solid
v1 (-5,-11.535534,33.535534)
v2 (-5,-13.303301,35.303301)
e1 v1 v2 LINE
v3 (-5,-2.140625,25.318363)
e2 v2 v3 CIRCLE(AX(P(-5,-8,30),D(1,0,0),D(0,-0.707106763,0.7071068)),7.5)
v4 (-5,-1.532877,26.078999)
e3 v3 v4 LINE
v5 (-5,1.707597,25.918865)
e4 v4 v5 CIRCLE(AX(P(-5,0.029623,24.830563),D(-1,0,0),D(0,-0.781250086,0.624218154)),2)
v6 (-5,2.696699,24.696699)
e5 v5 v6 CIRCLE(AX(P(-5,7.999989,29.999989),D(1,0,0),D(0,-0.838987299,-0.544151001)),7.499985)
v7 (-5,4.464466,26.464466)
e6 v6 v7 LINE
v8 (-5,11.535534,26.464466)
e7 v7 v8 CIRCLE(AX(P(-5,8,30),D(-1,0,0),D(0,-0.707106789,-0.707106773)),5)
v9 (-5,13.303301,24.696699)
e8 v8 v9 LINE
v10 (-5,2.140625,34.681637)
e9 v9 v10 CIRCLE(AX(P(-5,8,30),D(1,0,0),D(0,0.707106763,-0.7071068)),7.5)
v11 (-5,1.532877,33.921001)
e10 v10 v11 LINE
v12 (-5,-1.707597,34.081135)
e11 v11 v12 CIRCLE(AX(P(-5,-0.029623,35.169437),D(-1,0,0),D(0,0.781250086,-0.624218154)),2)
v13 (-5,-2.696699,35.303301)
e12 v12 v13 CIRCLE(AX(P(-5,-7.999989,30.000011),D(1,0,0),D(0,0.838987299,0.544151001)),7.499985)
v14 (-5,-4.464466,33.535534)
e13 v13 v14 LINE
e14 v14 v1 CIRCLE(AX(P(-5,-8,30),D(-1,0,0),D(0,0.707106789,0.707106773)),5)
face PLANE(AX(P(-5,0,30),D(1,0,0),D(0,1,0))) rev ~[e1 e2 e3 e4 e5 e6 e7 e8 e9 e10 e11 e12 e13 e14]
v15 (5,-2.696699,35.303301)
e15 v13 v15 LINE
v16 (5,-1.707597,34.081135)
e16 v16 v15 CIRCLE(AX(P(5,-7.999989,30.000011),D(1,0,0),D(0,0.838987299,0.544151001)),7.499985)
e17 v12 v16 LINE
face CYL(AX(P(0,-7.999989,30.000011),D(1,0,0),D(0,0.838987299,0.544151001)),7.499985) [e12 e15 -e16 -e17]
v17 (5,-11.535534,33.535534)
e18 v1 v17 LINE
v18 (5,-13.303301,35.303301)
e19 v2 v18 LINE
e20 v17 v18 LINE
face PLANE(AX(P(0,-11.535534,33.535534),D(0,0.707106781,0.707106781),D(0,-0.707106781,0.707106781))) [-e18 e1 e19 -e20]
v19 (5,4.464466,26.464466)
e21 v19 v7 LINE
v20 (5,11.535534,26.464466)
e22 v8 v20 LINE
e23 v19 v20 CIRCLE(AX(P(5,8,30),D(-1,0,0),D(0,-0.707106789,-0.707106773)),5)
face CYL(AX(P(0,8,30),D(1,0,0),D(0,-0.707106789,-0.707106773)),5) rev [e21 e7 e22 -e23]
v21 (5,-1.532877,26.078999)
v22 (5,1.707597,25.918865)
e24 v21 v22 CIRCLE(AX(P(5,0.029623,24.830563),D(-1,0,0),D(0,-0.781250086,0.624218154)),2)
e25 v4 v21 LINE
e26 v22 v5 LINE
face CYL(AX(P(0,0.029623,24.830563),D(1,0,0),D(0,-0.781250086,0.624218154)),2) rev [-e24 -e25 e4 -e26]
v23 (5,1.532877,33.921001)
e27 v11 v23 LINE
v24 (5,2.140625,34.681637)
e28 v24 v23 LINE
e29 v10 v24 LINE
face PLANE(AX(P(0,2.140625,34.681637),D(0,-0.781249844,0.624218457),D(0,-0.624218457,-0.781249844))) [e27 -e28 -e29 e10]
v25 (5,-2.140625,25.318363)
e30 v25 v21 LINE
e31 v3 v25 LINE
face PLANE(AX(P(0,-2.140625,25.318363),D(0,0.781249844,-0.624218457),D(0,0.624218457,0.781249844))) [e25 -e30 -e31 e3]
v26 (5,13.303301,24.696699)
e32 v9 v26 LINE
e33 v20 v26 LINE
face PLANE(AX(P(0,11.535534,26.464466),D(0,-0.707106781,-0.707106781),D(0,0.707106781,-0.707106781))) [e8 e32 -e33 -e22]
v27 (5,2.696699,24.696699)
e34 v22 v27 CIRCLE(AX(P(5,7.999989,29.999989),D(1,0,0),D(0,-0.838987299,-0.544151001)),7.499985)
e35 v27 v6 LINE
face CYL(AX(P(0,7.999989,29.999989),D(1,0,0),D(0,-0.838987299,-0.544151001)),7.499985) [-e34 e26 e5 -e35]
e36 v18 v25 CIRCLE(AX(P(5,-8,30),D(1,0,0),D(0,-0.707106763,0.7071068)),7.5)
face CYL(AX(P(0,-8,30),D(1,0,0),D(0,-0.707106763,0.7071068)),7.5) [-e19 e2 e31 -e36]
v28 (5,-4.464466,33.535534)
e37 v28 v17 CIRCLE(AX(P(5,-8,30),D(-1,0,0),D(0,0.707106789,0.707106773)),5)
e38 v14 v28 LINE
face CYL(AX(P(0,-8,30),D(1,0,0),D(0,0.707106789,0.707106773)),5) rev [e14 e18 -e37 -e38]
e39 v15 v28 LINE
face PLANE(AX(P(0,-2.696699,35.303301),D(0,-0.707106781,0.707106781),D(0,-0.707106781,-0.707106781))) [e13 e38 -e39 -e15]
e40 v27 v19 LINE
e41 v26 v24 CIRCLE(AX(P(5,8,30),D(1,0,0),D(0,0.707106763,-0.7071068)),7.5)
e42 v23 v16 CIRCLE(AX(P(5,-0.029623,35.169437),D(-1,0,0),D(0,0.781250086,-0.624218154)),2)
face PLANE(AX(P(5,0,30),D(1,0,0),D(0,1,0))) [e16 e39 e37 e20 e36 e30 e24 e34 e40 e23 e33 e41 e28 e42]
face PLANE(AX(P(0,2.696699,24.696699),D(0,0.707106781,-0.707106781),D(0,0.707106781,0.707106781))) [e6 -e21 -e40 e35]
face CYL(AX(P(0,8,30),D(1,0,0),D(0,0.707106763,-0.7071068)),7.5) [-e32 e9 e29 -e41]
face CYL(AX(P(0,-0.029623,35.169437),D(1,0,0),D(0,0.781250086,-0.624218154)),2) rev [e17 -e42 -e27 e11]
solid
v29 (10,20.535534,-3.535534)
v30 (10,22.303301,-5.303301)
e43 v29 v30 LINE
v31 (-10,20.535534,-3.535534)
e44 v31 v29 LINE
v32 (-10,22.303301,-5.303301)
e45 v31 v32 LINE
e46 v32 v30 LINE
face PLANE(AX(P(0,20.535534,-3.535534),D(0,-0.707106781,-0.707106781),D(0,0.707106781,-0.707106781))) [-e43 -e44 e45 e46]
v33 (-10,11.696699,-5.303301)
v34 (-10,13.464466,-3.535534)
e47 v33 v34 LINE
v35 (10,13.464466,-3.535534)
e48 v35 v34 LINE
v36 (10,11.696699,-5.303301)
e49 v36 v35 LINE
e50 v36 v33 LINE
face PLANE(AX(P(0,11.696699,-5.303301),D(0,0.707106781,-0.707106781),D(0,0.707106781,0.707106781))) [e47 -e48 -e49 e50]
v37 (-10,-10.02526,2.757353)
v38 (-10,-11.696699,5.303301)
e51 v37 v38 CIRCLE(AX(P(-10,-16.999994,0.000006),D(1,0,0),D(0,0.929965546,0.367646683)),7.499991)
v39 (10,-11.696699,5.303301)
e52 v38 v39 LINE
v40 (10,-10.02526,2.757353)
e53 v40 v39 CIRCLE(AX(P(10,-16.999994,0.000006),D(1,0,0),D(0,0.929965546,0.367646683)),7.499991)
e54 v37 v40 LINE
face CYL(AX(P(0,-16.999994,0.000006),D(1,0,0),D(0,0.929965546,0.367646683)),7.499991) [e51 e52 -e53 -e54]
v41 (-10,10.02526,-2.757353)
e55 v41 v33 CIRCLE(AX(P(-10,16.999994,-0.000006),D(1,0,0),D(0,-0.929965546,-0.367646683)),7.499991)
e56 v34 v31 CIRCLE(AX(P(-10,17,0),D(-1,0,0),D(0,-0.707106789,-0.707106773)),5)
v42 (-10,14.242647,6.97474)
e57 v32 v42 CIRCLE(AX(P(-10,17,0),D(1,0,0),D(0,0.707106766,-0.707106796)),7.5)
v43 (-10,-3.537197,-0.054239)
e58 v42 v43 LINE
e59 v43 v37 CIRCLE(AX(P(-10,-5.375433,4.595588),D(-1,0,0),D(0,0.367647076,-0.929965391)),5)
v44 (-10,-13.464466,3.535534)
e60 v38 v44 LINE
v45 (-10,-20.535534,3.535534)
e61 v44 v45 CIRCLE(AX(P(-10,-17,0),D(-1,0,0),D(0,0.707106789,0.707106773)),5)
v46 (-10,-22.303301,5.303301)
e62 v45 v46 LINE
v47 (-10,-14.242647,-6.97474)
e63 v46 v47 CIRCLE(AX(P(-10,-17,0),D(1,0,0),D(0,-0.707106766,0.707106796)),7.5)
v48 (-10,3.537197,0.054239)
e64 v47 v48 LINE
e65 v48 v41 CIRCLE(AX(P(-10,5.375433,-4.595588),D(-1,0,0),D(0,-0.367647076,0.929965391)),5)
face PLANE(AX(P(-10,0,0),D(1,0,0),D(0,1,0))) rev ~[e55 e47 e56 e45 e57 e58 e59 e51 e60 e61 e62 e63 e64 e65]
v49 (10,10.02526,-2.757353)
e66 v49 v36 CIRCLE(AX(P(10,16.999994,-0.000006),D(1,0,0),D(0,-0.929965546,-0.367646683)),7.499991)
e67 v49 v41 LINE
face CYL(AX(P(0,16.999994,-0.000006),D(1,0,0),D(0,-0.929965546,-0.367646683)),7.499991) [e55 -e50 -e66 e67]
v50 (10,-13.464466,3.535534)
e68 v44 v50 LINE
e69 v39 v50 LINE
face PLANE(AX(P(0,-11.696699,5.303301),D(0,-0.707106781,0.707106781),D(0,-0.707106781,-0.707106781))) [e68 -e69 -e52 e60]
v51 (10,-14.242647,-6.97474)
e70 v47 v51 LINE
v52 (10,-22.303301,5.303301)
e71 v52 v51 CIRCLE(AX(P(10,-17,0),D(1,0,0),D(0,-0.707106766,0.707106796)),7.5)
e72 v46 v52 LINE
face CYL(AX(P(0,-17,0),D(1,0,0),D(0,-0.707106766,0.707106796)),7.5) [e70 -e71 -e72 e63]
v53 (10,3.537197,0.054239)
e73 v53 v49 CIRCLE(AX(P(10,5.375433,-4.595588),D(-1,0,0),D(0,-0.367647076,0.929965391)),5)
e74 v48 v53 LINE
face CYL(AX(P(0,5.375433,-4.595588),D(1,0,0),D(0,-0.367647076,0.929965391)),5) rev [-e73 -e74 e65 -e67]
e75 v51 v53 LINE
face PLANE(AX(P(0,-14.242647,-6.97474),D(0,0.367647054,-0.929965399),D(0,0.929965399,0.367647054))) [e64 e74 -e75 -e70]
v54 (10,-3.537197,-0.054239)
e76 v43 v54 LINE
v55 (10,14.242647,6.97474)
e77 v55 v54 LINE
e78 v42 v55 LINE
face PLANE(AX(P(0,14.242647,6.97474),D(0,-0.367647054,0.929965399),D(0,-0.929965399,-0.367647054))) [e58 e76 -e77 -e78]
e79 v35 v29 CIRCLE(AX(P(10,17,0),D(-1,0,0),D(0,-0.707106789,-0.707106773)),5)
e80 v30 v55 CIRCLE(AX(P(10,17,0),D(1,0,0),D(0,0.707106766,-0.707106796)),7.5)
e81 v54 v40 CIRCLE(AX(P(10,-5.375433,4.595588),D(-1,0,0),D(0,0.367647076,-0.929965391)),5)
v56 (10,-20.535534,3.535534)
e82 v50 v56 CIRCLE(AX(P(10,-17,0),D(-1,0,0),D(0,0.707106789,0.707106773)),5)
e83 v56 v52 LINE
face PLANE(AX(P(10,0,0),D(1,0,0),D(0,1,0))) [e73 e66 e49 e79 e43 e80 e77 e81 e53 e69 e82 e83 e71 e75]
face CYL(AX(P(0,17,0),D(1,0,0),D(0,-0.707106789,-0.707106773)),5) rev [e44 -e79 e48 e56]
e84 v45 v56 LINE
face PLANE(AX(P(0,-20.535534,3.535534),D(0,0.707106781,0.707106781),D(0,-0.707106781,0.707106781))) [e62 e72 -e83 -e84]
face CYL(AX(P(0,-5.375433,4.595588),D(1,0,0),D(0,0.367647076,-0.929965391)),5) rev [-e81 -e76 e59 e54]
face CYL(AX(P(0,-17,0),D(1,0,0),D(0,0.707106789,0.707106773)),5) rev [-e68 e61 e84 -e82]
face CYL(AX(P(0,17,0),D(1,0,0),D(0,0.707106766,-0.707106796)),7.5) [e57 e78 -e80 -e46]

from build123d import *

# Parameters (mm, degrees)
F1_DEPTH = 5
F2_DEPTH = 10


with BuildPart() as f1:
    # F0 (on Right) → F1 (new body, symmetric)
    with BuildSketch(Plane.YZ):
        with BuildLine():
            ThreePointArc((4.464466, 26.464466), (8, 35), (11.535534, 26.464466))
            Line((11.535534, 26.464466), (13.303301, 24.696699))
            ThreePointArc((13.303301, 24.696699), (13.000205, 35.589987), (2.140625, 34.681637))
            Line((2.140625, 34.681637), (1.532877, 33.921001))
            ThreePointArc((1.532877, 33.921001), (-0.128336, 33.171875), (-1.707597, 34.081135))
            ThreePointArc((-1.707597, 34.081135), (-2.170033, 34.718208), (-2.696699, 35.303301))
            Line((-2.696699, 35.303301), (-4.464466, 33.535534))
            ThreePointArc((-4.464466, 33.535534), (-8, 25), (-11.535534, 33.535534))
            Line((-11.535534, 33.535534), (-13.303301, 35.303301))
            ThreePointArc((-13.303301, 35.303301), (-13.000205, 24.410013), (-2.140625, 25.318363))
            Line((-2.140625, 25.318363), (-1.532877, 26.078999))
            ThreePointArc((-1.532877, 26.078999), (0.128336, 26.828125), (1.707597, 25.918865))
            ThreePointArc((1.707597, 25.918865), (2.170033, 25.281792), (2.696699, 24.696699))
            Line((2.696699, 24.696699), (4.464466, 26.464466))
        make_face()
    extrude(amount=F1_DEPTH, both=True)


with BuildPart() as f2:
    # F0 (on Right) → F2 (new body, symmetric)
    with BuildSketch(Plane.YZ):
        with BuildLine():
            ThreePointArc((13.464466, -3.535534), (17, 5), (20.535534, -3.535534))
            Line((20.535534, -3.535534), (22.303301, -5.303301))
            ThreePointArc((22.303301, -5.303301), (23.269612, 4.116062), (14.242647, 6.97474))
            Line((14.242647, 6.97474), (-3.537197, -0.054239))
            ThreePointArc((-3.537197, -0.054239), (-7.363528, 0.007835), (-10.02526, 2.757353))
            ThreePointArc((-10.02526, 2.757353), (-10.730388, 4.116062), (-11.696699, 5.303301))
            Line((-11.696699, 5.303301), (-13.464466, 3.535534))
            ThreePointArc((-13.464466, 3.535534), (-17, -5), (-20.535534, 3.535534))
            Line((-20.535534, 3.535534), (-22.303301, 5.303301))
            ThreePointArc((-22.303301, 5.303301), (-23.269612, -4.116062), (-14.242647, -6.97474))
            Line((-14.242647, -6.97474), (3.537197, 0.054239))
            ThreePointArc((3.537197, 0.054239), (7.363528, -0.007835), (10.02526, -2.757353))
            ThreePointArc((10.02526, -2.757353), (10.730388, -4.116062), (11.696699, -5.303301))
            Line((11.696699, -5.303301), (13.464466, -3.535534))
        make_face()
    extrude(amount=F2_DEPTH, both=True)


solid = Compound([f1.part, f2.part])
